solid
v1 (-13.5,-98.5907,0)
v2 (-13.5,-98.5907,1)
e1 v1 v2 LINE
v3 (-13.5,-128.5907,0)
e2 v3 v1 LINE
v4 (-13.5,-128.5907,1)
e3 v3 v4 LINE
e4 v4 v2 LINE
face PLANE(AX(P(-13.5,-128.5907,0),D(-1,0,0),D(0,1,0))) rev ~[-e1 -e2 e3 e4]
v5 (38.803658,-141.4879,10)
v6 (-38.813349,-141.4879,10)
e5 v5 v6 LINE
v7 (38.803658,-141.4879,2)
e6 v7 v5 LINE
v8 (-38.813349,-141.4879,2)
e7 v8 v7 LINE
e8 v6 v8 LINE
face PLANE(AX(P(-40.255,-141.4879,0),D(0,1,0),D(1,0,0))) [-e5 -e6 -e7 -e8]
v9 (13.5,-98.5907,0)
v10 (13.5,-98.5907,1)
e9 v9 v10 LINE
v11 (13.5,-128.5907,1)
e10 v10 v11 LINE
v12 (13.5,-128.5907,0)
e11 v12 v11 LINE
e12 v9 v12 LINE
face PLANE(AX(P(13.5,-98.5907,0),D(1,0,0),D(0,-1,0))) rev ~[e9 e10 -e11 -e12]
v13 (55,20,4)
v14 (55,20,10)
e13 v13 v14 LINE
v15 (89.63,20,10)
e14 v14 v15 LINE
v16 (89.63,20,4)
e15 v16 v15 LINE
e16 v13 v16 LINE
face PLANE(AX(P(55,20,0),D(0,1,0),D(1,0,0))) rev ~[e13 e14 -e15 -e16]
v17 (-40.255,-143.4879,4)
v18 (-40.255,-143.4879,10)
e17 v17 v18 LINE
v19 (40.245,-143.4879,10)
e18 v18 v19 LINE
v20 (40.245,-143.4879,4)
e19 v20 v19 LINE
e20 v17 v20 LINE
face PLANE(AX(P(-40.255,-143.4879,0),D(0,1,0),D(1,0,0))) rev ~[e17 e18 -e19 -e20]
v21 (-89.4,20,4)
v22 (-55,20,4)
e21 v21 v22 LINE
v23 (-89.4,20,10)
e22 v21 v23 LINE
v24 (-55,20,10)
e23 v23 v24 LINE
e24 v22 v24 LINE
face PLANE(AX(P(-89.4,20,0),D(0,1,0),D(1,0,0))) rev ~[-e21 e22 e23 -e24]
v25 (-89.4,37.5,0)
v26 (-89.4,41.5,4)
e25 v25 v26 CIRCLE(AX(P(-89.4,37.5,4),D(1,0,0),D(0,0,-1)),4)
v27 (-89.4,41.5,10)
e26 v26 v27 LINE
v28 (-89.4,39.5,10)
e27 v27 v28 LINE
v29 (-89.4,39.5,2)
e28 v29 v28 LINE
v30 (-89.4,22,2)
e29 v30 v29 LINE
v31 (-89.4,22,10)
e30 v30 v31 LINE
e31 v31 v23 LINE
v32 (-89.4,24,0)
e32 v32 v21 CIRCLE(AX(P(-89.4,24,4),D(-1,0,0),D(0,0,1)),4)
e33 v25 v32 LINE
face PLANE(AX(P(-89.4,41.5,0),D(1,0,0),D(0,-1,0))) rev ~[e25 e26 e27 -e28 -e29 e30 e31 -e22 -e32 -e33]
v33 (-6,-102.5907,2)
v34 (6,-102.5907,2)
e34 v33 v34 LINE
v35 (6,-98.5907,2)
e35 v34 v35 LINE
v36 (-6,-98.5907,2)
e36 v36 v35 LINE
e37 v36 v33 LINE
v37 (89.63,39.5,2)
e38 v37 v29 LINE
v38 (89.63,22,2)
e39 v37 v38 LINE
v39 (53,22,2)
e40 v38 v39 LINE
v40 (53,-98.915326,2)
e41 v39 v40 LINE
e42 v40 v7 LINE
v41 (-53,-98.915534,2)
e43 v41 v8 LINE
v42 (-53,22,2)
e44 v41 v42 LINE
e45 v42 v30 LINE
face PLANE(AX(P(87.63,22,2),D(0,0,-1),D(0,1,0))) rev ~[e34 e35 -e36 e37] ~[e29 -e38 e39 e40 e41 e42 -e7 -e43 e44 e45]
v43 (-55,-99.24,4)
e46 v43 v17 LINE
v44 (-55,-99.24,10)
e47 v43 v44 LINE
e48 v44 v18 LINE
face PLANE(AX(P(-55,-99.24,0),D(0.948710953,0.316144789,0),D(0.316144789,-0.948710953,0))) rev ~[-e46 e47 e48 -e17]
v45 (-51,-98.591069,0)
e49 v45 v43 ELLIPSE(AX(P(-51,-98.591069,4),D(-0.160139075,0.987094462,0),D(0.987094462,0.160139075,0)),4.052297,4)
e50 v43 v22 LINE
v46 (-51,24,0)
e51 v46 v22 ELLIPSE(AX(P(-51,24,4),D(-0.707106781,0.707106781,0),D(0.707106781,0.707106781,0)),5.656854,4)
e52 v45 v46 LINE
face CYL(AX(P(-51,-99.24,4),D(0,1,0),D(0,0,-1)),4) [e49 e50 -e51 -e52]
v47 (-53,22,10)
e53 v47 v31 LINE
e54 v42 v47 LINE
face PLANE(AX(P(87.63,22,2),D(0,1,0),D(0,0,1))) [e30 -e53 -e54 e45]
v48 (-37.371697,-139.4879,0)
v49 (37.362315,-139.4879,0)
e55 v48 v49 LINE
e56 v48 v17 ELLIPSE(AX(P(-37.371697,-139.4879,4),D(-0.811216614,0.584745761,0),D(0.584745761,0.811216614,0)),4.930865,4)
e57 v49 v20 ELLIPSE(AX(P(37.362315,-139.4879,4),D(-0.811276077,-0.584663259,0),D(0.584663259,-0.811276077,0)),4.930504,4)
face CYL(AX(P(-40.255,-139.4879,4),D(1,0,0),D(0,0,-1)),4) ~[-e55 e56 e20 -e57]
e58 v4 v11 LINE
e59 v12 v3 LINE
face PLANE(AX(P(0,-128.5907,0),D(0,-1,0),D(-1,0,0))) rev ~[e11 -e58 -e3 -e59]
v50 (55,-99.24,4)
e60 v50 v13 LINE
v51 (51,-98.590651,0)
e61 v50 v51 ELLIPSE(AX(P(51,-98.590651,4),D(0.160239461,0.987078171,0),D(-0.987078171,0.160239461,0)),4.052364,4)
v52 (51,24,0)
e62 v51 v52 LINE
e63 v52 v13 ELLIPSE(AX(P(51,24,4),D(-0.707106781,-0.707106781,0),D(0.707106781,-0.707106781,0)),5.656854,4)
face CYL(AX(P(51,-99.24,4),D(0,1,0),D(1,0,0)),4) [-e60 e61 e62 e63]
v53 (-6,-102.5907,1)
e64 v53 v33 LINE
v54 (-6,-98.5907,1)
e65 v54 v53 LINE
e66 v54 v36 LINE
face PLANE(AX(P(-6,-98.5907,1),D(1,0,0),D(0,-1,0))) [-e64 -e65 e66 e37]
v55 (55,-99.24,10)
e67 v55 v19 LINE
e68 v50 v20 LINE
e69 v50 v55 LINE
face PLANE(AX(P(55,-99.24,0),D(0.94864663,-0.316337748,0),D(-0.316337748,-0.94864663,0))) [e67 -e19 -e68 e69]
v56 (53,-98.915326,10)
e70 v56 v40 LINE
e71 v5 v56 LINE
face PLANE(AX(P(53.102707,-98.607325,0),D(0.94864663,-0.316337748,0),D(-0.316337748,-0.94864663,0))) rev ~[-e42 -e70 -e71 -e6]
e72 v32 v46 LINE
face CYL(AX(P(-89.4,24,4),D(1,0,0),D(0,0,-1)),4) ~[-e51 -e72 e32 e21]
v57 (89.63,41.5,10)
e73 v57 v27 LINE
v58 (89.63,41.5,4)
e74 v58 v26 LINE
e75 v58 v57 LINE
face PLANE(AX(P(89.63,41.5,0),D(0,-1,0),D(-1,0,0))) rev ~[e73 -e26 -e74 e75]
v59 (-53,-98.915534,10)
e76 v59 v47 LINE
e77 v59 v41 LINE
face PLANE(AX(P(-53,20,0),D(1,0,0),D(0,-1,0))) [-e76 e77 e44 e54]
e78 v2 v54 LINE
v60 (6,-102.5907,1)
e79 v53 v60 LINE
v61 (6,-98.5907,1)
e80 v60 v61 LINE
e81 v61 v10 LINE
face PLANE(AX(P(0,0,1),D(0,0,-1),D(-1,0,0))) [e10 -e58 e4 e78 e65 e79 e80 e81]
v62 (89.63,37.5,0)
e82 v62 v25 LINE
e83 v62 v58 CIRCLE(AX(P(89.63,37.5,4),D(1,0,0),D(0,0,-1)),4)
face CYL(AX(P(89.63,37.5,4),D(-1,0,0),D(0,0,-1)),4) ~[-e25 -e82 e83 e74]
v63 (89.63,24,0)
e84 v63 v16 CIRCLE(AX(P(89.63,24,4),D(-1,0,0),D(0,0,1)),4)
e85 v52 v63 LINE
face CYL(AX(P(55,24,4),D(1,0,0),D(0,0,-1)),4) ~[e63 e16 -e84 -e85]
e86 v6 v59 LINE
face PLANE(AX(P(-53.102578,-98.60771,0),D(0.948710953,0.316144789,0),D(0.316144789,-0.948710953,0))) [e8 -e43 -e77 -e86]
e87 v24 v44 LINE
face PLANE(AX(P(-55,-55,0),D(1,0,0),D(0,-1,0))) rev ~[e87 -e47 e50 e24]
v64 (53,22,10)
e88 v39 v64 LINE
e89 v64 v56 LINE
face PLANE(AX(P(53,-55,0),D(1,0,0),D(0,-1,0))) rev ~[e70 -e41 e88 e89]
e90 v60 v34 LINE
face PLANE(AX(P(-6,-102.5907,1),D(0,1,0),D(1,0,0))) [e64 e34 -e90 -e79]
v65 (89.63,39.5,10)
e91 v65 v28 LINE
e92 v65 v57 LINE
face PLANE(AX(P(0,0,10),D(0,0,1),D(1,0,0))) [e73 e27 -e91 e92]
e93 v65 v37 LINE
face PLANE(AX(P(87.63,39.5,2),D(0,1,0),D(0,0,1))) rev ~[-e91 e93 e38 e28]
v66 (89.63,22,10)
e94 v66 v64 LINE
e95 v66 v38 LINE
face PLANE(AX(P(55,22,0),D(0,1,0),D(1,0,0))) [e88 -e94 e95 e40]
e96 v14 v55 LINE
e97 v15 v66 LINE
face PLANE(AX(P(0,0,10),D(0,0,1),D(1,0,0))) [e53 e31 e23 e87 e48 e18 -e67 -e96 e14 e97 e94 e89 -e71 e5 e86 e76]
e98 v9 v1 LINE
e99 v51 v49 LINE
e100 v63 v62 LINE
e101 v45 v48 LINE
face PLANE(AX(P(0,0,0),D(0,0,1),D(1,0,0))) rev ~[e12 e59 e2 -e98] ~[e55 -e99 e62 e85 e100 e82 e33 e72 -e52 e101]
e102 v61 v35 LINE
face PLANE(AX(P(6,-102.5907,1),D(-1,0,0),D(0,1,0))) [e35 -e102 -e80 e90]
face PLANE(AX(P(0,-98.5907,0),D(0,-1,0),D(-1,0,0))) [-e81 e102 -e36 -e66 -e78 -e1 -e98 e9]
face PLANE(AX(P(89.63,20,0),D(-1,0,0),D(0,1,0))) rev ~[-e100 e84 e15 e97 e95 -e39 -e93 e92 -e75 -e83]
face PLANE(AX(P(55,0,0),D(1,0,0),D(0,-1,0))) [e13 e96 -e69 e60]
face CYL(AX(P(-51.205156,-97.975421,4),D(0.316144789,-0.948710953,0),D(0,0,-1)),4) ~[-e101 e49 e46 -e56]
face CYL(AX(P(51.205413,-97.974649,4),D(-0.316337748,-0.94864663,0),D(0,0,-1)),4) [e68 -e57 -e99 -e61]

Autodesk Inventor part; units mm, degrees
ref_plane "YZ Plane" through (0, 0, 0) normal (1, 0, 0) x (0, 1, 0)
ref_plane "XZ Plane" through (0, 0, 0) normal (0, 1, 0) x (-1, 0, 0)
ref_plane "XY Plane" through (0, 0, 0) normal (0, 0, 1) x (1, 0, 0)
sketch "스케치18" plane through (0, 0, 0) normal (0, 0, 1) x (1, 0, 0)
  line L0 (55, 0) -> (55, 20)
  line L1 (55, 20) -> (89.63, 20)
  line L2 (89.63, 20) -> (89.63, 41.5)
  line L3 (89.63, 41.5) -> (-89.4, 41.5)
  line L4 (-89.4, 41.5) -> (-89.4, 20)
  line L5 (-89.4, 20) -> (-55, 20)
  line L6 (-55, 20) -> (-55, -55)
  line L7 (55, 0) -> (55, -55)
  line L8 (-55, -55) -> (-55, -99.24)
  line L9 (-55, -99.24) -> (-40.255, -143.4879)
  line L10 (-40.255, -143.4879) -> (40.245, -143.4879)
  line L11 (55, -55) -> (55, -99.24)
  line L12 (55, -99.24) -> (40.245, -143.4879)
  point P0 (0, 0)
  dimension "d111" = 179.03
  dimension "d112" = 184.9879
  dimension "d113" = 34.4
extrude "돌출13" add sketch "스케치18" along normal blind 10
shell "쉘4" thickness 2 removed faces 1 at (-18.3333, -11.6667, 10)
sketch "스케치23" plane through (87.63, 22, 2) normal (-1, 0, 0) x (0, 0, 1)
  line L0 (0, 0) -> (8, 0) projected
  line L1 (0, 0) -> (0, 17.5) projected
  line L2 (8, 0) -> (0, 0)
  line L3 (0, 0) -> (0, 17.5)
  line L4 (0, 17.5) -> (8, 17.5)
  line L5 (8, 17.5) -> (8, 0)
  point P0 (-2, -22)
extrude "돌출16" cut sketch "스케치23" along normal mid plane 600
fillet "모깎기6" radius 4 8 edges at (0.115, 41.5, 0) (72.315, 20, 0) (-72.2, 20, 0) (-55, -39.62, 0) (55, -39.62, 0) (47.6225, -121.3639, 0) (-0.005, -143.4879, 0) (-47.6275, -121.3639, 0)
sketch "스케치24" plane through (0, 0, 0) normal (0, 0, -1) x (-1, 0, 0)
  line L0 (0, -98.5907) -> (-13.5, -98.5907)
  line L1 (0, -98.5907) -> (13.5, -98.5907)
  line L2 (-13.5, -98.5907) -> (-13.5, -128.5907)
  line L3 (-13.5, -128.5907) -> (0, -128.5907)
  line L4 (0, -128.5907) -> (13.5, -128.5907)
  line L5 (13.5, -128.5907) -> (13.5, -98.5907)
  line L6 (0, -98.5907) -> (6, -98.5907)
  line L7 (6, -98.5907) -> (6, -102.5907)
  line L8 (6, -102.5907) -> (-6, -102.5907)
  line L9 (-6, -102.5907) -> (-6, -98.5907)
  point P0 (0, 0)
  dimension "d136" = 6
  dimension "d137" = 4
  dimension "d138" = 12
extrude "돌출17" cut sketch "스케치24" against normal blind 1
sketch "스케치25" plane through (0, 0, 1) normal (0, 0, -1) x (-1, 0, 0)
  line L0 (-13.5, -98.5907) -> (13.5, -98.5907) projected
  line L1 (0, -98.5907) -> (6, -98.5907)
  line L2 (6, -98.5907) -> (6, -102.5907)
  line L3 (6, -102.5907) -> (-6, -102.5907)
  line L4 (-6, -102.5907) -> (-6, -98.5907)
  line L5 (-6, -98.5907) -> (0, -98.5907)
  point P0 (0, 0)
  dimension "d139" = 6
  dimension "d140" = 4
  dimension "d141" = 12
extrude "돌출18" cut sketch "스케치25" against normal blind 2
sketch "스케치26" plane through (0, 0, 0) normal (0, 0, -1) x (-1, 0, 0)
  point P0 (0, 0)
properties part number "8.7_수정본"
